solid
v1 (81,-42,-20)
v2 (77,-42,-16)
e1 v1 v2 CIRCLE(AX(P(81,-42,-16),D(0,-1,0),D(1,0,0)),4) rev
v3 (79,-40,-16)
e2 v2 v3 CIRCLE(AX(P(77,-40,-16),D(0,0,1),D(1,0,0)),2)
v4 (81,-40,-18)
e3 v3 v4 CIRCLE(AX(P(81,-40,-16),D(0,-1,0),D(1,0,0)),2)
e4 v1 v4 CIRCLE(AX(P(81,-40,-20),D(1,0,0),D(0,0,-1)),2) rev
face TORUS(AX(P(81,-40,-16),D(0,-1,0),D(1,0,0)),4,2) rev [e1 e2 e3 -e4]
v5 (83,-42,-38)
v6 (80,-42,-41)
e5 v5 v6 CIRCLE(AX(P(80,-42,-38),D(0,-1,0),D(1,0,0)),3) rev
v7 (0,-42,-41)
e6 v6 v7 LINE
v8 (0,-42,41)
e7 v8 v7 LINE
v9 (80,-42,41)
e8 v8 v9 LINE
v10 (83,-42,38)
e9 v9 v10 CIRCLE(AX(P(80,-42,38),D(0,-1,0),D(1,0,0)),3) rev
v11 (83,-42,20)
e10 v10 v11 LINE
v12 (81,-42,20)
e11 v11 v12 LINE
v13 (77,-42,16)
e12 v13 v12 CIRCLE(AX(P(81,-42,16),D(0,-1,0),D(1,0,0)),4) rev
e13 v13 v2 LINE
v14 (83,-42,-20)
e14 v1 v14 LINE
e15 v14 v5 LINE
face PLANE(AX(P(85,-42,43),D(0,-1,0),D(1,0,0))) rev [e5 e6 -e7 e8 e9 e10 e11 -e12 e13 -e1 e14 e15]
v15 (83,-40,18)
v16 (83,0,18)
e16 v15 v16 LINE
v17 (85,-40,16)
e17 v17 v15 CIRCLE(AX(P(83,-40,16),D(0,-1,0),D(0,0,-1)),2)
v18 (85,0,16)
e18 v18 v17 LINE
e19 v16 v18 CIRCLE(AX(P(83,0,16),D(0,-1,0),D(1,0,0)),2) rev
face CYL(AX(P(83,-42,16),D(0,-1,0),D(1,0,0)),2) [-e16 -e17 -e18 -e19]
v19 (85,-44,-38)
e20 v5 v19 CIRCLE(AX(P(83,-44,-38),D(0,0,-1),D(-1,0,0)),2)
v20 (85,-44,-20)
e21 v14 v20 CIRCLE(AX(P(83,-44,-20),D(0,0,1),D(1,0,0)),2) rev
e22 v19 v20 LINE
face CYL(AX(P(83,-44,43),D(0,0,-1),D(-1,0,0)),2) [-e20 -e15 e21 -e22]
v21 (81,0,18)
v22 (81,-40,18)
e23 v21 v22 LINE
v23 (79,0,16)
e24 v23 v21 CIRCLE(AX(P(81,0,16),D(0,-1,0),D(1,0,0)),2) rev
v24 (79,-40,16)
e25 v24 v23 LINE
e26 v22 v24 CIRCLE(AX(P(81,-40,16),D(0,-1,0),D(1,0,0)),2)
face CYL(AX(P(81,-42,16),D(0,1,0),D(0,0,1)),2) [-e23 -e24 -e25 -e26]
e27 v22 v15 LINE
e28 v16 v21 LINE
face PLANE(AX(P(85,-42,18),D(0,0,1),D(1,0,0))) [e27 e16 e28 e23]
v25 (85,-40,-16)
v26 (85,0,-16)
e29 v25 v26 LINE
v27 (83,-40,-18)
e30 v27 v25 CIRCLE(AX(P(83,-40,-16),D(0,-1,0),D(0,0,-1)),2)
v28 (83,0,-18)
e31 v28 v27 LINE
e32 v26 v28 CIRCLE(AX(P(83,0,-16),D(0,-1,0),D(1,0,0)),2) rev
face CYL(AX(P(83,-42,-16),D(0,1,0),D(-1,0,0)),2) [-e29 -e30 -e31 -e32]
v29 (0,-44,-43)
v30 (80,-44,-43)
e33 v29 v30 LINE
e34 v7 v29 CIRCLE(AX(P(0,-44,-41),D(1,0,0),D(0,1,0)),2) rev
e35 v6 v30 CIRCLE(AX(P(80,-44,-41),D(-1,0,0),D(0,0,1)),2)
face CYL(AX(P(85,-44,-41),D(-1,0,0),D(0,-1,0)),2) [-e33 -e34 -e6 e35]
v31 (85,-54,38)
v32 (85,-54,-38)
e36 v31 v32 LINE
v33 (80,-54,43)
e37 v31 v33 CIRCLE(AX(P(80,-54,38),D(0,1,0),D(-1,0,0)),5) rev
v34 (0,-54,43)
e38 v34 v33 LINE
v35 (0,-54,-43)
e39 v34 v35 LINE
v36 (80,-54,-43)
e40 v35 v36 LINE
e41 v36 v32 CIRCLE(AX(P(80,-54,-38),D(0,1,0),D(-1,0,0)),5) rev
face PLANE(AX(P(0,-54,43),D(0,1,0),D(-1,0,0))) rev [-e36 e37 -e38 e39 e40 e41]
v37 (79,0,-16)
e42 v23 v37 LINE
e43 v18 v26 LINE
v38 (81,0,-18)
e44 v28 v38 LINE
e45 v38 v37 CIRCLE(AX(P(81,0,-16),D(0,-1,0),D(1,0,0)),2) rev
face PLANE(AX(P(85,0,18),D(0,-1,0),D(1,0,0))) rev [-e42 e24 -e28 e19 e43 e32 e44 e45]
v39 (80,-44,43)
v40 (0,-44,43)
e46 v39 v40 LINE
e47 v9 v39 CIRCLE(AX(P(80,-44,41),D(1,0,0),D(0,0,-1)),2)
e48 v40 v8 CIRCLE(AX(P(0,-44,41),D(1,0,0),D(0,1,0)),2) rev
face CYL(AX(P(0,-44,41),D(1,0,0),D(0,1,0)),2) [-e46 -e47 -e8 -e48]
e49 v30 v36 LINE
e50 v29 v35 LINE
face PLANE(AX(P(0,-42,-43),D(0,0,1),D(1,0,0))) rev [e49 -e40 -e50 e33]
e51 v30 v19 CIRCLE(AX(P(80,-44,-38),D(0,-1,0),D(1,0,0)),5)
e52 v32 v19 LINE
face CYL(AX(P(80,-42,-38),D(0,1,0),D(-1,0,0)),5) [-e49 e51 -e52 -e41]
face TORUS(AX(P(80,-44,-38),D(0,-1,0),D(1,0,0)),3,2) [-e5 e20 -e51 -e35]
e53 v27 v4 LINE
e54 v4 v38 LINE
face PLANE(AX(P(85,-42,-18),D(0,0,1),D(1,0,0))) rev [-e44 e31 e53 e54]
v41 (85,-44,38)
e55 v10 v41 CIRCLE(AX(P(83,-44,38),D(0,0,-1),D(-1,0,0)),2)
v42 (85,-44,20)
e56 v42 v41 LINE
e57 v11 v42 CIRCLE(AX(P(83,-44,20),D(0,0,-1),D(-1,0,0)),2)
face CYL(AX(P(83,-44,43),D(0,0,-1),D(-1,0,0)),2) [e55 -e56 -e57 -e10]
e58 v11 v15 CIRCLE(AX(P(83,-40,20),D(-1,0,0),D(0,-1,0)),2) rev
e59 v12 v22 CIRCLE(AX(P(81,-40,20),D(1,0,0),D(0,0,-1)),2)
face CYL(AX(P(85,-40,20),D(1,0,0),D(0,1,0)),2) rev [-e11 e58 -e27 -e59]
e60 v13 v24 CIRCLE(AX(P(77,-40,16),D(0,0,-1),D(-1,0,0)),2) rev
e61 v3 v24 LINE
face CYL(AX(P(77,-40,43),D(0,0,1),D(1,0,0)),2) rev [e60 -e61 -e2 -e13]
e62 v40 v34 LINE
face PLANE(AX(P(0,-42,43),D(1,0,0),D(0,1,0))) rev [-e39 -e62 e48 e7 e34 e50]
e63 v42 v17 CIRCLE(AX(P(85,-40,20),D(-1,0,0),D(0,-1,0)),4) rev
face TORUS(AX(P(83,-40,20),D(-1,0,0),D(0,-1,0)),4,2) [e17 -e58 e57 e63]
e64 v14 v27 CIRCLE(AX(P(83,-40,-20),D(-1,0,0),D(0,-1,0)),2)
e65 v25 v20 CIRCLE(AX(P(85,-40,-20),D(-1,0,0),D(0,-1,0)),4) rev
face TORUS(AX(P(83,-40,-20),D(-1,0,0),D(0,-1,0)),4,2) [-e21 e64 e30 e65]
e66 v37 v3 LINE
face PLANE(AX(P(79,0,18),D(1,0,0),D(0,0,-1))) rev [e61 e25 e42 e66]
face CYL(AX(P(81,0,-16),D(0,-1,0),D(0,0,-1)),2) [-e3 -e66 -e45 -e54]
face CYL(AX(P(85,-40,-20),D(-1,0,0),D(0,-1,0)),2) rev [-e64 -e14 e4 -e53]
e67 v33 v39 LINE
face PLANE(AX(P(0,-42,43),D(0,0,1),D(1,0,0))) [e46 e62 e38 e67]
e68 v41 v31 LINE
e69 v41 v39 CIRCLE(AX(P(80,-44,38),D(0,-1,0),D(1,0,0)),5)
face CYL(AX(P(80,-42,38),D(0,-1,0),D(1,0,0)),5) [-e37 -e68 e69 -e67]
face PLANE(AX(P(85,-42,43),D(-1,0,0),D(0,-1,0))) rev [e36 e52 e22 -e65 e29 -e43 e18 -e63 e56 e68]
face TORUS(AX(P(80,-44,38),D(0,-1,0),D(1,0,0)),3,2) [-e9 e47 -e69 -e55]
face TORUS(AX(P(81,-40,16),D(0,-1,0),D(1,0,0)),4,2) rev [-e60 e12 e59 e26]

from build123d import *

# Parameters (mm, degrees)
SKETCH_1_W      = 85
SKETCH_1_H      = 12
EXTRUDE_1_DEPTH = 43
SKETCH_3_W      = 6
SKETCH_3_H      = 42
EXTRUDE_3_DEPTH = 18
FILLET_1_R      = 5
FILLET_2_R      = 2


with BuildPart() as part:
    # 草圖1 → 伸長1 (new, symmetric)
    with BuildSketch(Plane.XY):
        with Locations((42.5, -48)):
            Rectangle(SKETCH_1_W, SKETCH_1_H)
    extrude(amount=EXTRUDE_1_DEPTH, both=True)

    # 草圖3 → 伸長3 (add, symmetric)
    with BuildSketch(Plane.XY):
        with Locations((82, -21)):
            Rectangle(SKETCH_3_W, SKETCH_3_H)
    extrude(amount=EXTRUDE_3_DEPTH, both=True)

    # 圓角1
    fillet_1_edges = [part.edges().sort_by_distance(p)[0] for p in [
        (85, -48, -43),
        (85, -48, 43),
    ]]
    fillet(fillet_1_edges, radius=FILLET_1_R)

    # 圓角2
    fillet_2_edges = [part.edges().sort_by_distance(p)[0] for p in [
        (85, -42, -28),
        (82, -42, -18),
        (79, -42, 0),
        (85, -21, -18),
        (79, -21, -18),
        (82, -42, 18),
        (85, -21, 18),
        (79, -21, 18),
        (85, -42, 28),
        (40, -42, -43),
        (40, -42, 43),
        (83.535533906, -42, 41.535533906),
        (83.535533906, -42, -41.535533906),
    ]]
    fillet(fillet_2_edges, radius=FILLET_2_R)


solid = part.part
